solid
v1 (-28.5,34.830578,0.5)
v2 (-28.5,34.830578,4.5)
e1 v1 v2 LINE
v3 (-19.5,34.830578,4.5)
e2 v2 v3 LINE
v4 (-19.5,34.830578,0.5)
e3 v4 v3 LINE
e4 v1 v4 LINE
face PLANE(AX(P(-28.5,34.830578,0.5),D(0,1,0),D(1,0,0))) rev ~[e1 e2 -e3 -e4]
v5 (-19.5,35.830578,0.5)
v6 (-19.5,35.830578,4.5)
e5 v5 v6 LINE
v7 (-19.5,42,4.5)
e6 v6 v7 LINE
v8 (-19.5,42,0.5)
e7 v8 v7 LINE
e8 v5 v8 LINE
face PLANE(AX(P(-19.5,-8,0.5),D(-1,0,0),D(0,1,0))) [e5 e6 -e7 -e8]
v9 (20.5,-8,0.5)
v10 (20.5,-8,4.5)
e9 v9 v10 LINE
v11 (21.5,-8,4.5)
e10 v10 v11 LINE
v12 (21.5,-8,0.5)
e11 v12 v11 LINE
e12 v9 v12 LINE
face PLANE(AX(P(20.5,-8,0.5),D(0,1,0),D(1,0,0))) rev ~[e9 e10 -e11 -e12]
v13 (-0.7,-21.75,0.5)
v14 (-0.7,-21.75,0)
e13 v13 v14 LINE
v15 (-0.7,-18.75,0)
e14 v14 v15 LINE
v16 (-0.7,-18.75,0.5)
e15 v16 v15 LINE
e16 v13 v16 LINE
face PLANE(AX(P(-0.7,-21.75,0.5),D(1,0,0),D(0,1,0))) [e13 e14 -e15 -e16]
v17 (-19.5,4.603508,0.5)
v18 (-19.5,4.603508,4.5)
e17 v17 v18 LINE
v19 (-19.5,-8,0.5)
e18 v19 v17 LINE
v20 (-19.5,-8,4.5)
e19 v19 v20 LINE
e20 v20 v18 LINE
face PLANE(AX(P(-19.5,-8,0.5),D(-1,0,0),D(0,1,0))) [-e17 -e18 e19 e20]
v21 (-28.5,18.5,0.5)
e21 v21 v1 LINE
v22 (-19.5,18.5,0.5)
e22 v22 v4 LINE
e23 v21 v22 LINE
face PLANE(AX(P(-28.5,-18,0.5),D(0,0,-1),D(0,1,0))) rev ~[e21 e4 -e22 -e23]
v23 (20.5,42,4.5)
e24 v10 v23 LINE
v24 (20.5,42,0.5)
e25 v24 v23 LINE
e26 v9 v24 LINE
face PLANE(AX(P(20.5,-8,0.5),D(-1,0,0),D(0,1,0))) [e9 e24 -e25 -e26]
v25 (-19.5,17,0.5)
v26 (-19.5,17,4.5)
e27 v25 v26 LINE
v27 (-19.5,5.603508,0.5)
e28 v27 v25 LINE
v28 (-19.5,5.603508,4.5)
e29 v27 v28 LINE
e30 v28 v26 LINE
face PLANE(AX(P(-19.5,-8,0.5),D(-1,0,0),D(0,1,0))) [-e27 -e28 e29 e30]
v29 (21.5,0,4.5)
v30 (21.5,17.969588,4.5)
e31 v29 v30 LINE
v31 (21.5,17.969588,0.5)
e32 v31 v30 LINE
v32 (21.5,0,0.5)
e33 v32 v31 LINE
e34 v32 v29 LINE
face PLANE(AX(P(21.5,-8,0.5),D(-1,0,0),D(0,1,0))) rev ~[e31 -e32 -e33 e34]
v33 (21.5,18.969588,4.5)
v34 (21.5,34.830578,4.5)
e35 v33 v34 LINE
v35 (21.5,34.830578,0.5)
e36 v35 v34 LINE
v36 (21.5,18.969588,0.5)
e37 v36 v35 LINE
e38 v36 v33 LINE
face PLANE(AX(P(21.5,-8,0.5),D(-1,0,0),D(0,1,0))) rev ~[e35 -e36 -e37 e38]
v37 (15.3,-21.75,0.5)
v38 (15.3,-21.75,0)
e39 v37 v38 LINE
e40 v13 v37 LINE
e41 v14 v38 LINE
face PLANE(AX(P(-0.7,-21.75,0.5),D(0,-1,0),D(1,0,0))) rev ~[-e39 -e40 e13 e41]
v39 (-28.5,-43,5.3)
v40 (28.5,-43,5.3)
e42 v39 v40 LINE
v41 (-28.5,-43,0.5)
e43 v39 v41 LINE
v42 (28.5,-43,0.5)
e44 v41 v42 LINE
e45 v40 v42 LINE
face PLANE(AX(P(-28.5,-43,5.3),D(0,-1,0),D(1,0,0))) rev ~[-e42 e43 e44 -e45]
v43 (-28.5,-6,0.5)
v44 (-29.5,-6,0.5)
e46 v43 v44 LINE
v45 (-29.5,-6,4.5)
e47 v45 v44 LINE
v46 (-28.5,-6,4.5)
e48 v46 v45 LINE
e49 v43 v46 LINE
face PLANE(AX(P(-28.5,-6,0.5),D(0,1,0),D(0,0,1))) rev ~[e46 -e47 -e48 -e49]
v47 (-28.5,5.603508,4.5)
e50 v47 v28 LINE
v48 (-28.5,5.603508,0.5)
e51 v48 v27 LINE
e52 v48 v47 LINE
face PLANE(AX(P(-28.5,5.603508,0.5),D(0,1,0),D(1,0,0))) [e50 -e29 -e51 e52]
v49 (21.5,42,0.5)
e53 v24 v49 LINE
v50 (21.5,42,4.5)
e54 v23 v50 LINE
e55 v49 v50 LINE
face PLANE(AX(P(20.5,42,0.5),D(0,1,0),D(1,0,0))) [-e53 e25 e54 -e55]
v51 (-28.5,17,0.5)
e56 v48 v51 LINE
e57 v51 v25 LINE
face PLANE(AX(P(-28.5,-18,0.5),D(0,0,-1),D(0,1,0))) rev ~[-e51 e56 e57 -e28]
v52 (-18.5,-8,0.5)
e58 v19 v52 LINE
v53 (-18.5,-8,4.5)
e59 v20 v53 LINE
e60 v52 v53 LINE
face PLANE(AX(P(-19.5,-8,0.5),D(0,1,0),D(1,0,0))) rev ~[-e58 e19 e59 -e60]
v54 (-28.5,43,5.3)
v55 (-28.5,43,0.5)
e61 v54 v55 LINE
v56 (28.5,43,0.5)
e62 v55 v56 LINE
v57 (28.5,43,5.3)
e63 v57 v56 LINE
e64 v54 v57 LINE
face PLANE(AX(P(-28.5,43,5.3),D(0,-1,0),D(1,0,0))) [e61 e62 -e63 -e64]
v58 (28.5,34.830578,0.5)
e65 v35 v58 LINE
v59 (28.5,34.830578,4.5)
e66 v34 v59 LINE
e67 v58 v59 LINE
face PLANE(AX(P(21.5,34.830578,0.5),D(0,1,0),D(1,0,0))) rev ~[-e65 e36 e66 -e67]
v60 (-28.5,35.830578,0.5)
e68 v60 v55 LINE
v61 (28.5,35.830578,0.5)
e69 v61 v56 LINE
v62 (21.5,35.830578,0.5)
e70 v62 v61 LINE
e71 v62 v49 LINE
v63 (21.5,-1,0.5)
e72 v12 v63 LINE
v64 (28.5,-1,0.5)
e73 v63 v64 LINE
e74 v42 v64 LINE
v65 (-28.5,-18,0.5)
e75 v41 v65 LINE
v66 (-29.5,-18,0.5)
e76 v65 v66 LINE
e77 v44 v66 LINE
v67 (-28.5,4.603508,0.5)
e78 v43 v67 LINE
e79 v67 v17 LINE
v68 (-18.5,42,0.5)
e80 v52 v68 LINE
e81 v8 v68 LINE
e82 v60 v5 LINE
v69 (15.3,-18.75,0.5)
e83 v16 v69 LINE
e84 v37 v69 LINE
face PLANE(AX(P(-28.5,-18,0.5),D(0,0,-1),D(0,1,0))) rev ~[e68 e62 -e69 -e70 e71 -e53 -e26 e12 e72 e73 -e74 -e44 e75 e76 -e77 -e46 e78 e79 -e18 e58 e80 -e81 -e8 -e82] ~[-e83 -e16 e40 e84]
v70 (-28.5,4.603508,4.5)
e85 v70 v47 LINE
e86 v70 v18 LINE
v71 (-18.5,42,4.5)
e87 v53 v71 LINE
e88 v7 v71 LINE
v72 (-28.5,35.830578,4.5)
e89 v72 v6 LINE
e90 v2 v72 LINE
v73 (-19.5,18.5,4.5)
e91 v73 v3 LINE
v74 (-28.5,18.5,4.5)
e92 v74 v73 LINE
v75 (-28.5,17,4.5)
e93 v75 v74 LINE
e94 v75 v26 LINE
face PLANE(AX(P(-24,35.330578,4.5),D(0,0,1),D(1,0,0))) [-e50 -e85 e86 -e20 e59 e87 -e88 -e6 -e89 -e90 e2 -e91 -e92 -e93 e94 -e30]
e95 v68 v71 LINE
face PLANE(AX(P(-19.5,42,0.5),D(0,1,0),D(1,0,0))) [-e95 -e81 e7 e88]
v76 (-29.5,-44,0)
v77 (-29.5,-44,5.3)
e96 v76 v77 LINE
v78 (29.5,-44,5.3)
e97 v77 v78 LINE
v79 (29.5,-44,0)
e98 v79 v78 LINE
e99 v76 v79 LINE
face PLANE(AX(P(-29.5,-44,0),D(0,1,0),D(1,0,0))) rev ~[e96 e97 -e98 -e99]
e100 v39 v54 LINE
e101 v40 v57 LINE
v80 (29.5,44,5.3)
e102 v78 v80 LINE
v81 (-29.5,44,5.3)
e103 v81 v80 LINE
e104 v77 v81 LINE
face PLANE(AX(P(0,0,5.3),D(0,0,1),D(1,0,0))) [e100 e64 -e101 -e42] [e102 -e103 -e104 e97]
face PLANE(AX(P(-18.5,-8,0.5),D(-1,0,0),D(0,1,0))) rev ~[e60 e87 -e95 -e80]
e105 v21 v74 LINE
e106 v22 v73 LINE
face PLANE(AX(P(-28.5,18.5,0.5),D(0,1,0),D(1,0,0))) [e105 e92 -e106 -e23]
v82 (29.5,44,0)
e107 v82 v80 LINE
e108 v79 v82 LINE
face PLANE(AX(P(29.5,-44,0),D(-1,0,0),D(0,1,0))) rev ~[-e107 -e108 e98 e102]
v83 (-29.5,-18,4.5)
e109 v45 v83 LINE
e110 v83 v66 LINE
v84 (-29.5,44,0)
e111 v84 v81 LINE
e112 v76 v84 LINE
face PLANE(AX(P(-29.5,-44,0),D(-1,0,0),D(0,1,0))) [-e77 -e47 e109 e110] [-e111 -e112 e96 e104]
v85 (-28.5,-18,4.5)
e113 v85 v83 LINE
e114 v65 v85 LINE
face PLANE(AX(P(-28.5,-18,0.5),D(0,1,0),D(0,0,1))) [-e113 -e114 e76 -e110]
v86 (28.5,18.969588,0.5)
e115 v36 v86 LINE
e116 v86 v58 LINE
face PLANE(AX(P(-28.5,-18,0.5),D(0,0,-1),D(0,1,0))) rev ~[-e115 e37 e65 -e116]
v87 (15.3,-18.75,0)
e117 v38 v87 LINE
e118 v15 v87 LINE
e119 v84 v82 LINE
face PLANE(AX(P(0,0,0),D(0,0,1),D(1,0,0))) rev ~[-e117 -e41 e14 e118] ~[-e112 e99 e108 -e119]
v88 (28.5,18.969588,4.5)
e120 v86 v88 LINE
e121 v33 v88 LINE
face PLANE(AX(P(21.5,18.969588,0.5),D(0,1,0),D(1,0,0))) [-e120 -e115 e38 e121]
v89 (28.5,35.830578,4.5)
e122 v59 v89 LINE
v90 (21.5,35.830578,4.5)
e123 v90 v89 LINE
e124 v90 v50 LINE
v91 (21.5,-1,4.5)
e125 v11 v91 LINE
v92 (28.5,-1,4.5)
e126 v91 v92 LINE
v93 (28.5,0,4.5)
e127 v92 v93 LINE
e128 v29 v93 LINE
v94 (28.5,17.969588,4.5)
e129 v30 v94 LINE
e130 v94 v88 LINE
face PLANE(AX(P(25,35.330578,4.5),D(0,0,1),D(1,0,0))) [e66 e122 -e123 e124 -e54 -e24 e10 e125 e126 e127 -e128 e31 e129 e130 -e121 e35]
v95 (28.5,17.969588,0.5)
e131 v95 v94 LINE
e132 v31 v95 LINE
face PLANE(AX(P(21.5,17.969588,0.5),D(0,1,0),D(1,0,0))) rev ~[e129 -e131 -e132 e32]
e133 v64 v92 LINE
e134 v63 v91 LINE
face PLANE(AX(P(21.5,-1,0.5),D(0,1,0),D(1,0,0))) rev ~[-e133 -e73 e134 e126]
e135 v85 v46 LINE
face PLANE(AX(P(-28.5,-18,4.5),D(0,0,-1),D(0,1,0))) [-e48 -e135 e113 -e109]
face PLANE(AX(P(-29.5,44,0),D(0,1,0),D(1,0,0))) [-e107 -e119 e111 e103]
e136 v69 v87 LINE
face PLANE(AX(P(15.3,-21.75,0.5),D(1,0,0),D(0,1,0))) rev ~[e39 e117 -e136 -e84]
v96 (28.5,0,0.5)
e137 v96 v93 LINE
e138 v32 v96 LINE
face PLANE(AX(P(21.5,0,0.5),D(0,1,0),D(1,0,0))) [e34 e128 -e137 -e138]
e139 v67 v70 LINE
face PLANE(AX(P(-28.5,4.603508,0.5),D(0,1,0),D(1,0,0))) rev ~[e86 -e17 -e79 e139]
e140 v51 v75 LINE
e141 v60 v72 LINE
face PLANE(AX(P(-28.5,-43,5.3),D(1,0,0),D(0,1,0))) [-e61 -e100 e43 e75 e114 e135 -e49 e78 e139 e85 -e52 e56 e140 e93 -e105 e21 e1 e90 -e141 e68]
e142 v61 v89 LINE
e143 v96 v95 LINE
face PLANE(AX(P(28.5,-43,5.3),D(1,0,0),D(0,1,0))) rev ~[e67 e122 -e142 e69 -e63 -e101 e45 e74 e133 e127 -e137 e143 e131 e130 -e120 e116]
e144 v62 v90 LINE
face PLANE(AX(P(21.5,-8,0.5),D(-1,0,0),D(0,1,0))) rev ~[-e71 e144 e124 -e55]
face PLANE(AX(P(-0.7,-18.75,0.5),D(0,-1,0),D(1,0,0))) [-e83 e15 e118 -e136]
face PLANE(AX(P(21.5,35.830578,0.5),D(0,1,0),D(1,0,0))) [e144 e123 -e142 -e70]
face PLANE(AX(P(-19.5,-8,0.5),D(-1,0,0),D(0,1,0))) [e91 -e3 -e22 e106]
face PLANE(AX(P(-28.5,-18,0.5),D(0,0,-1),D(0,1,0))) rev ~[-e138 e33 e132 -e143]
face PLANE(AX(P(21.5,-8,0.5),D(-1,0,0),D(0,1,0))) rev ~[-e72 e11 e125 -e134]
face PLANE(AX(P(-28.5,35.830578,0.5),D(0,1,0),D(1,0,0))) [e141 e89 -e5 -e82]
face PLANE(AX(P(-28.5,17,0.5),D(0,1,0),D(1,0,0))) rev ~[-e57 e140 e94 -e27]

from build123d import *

# Parameters (mm, degrees)
F0_W      = 59
F0_H      = 88
F1_DEPTH  = 5.3
F2_W      = 57
F2_H      = 86
F3_DEPTH  = 4.8
F4_W      = 12
F4_H      = 4
F5_DEPTH  = 2
F6_W      = 1
F6_H      = 50
F7_DEPTH  = 4
F8_W      = 9
F8_H      = 1
F8_W_2    = 7
F8_H_2    = 1.5
F9_DEPTH  = 4
F10_W     = 16
F10_H     = 3
F11_DEPTH = 1


with BuildPart() as f1:
    # F0 (on Top) → F1 (new body)
    with BuildSketch(Plane.XY):
        Rectangle(F0_W, F0_H)
    extrude(amount=F1_DEPTH)

    # F2 (on face) → F3 (cut)
    with BuildSketch(Plane.XY.offset(5.3)):
        Rectangle(F2_W, F2_H)
    extrude(amount=-F3_DEPTH, mode=Mode.SUBTRACT)

    # F4 (on face) → F5 (cut)
    with BuildSketch(Plane.YZ.offset(-28.5)):
        with Locations((-12, 2.5)):
            Rectangle(F4_W, F4_H)
    extrude(amount=-F5_DEPTH, mode=Mode.SUBTRACT)

    # F6 (on face) → F7 (join)
    with BuildSketch(Plane.XY.offset(0.5)):
        with Locations((-19, 17)):
            Rectangle(F6_W, F6_H)
        with Locations((21, 17)):
            Rectangle(F6_W, F6_H)
    extrude(amount=F7_DEPTH)

    # F8 (on face) → F9 (join)
    with BuildSketch(Plane.XY.offset(0.5)):
        with Locations((-24, 35.330578)):
            Rectangle(F8_W, F8_H)
        with Locations((-24, 5.103508)):
            Rectangle(F8_W, F8_H)
        with Locations((25, 35.330578)):
            Rectangle(F8_W_2, F8_H)
        with Locations((25, 18.469588)):
            Rectangle(F8_W_2, F8_H)
        with Locations((25, -0.5)):
            Rectangle(F8_W_2, F8_H)
        with Locations((-24, 17.75)):
            Rectangle(F8_W, F8_H_2)
    extrude(amount=F9_DEPTH)

    # F10 (on face) → F11 (cut)
    with BuildSketch(Plane.XY.offset(0.5)):
        with Locations((7.3, -20.25)):
            Rectangle(F10_W, F10_H)
    extrude(amount=-F11_DEPTH, mode=Mode.SUBTRACT)


solid = f1.part
